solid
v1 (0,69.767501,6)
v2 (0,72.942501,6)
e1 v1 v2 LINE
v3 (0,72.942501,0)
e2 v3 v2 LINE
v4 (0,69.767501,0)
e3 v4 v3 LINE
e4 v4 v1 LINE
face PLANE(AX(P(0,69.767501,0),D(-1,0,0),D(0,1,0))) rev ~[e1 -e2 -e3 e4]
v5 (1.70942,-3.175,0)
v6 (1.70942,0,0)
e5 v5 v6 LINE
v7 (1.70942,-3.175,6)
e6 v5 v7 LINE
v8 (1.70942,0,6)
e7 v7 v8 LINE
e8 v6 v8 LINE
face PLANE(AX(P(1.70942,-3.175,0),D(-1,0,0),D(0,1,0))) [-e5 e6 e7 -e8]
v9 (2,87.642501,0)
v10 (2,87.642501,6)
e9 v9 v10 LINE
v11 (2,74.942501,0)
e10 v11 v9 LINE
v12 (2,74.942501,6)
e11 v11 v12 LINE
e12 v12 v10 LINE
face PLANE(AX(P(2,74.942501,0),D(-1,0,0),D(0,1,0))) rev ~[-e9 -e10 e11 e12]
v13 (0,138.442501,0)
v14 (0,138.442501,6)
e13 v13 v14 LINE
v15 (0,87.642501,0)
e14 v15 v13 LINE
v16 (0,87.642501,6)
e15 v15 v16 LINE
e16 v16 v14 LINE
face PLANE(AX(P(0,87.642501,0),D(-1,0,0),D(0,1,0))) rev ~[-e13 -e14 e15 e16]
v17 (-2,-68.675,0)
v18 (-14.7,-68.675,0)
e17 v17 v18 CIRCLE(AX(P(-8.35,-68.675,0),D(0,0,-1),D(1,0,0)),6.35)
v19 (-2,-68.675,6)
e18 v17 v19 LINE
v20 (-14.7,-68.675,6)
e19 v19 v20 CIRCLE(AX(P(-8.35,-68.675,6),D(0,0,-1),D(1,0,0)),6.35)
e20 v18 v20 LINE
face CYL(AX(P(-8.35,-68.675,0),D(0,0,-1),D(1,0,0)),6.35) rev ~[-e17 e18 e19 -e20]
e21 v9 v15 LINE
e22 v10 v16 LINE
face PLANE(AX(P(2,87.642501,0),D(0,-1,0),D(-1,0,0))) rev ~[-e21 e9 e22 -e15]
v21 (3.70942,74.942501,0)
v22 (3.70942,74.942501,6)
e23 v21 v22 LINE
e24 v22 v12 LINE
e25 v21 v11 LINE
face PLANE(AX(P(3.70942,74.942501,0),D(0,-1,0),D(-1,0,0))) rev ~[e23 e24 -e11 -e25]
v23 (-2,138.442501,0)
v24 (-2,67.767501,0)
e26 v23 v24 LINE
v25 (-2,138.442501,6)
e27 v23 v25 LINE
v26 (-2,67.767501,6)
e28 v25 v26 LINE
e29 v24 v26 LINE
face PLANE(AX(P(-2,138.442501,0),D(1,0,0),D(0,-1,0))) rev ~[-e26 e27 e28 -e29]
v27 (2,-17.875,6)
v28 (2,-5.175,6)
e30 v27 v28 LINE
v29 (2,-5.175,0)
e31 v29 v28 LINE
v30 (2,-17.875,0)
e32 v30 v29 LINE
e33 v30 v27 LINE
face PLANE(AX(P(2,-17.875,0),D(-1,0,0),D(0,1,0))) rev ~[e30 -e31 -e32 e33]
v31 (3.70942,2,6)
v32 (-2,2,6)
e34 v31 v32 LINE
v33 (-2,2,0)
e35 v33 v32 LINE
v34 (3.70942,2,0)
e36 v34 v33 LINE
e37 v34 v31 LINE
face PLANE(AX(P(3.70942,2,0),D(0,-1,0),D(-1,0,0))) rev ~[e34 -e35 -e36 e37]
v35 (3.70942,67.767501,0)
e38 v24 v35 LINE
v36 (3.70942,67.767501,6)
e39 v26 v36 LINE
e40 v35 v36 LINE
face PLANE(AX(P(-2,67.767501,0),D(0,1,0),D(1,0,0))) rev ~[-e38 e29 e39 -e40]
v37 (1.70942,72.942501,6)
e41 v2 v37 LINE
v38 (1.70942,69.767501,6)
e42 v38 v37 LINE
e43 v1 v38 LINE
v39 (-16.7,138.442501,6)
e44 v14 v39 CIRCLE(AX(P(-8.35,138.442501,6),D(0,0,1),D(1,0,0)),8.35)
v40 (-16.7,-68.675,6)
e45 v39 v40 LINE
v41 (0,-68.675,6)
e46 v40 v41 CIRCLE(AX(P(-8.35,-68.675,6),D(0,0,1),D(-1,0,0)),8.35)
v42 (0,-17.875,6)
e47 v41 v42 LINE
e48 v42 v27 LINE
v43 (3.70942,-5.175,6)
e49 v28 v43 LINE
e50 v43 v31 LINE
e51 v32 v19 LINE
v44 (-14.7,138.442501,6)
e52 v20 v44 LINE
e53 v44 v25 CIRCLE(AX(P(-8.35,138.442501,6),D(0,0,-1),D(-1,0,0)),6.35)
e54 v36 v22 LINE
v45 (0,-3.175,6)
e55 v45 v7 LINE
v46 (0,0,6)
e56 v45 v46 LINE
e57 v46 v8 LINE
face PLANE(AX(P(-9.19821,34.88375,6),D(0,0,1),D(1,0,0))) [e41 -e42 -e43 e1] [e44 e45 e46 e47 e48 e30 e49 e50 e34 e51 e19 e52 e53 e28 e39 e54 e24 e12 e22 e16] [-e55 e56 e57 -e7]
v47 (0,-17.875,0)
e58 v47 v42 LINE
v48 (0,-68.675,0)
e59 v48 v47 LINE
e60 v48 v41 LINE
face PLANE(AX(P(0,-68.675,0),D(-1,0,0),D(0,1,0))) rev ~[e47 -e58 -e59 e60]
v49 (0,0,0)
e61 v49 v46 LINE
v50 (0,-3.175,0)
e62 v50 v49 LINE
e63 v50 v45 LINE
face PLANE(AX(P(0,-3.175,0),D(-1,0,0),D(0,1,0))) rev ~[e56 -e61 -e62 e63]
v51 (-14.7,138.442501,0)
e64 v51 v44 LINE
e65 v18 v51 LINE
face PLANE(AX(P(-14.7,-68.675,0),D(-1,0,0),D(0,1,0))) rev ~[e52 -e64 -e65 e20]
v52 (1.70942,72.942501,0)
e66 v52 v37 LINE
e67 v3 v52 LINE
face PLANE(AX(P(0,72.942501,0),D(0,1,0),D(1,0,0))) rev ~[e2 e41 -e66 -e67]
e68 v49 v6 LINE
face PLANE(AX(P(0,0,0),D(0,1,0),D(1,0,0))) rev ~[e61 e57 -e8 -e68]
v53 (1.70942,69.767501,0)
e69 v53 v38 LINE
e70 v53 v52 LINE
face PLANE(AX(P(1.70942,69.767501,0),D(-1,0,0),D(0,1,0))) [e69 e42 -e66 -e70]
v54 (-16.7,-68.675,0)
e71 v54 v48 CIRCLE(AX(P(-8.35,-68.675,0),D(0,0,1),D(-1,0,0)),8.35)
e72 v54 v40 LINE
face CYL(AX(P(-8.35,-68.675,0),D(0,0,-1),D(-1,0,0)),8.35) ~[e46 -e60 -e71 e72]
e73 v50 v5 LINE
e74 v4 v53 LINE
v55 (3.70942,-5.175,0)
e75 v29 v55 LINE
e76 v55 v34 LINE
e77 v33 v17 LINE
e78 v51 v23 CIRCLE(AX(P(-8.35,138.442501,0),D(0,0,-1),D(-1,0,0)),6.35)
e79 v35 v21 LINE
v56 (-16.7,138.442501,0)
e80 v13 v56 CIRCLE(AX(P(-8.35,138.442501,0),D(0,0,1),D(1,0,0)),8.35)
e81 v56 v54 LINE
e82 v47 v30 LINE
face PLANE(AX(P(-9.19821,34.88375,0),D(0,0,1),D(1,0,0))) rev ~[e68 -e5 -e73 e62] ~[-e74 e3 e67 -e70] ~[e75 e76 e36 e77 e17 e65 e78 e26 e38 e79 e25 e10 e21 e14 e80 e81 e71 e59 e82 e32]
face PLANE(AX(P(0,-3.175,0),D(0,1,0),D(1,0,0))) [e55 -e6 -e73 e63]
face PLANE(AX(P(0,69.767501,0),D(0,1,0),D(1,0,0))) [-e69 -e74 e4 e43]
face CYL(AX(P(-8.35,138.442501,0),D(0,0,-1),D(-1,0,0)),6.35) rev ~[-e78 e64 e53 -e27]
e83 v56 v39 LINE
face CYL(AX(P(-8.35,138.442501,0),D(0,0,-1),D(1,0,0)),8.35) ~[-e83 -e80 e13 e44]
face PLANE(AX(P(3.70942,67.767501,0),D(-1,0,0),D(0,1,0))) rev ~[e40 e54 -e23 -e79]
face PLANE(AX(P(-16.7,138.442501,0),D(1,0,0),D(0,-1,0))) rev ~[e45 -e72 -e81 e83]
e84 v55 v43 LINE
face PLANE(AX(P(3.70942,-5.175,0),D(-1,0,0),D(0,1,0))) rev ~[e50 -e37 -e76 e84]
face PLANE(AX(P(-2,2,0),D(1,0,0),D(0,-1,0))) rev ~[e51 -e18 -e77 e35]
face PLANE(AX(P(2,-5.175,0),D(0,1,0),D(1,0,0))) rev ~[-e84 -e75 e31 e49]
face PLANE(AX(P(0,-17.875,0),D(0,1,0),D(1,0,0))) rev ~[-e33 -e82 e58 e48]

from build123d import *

# Parameters (mm, degrees)
F0_W     = 1.70942
F0_H     = 3.175
F1_DEPTH = 6


with BuildPart() as f1:
    # F0 (on Top) → F1 (new body)
    with BuildSketch(Plane.XY):
        with BuildLine():
            Line((3.70942, 2), (-2, 2))
            Line((-2, 2), (-2, -68.675))
            ThreePointArc((-2, -68.675), (-8.35, -75.025), (-14.7, -68.675))
            Line((-14.7, -68.675), (-14.7, 138.442501))
            ThreePointArc((-14.7, 138.442501), (-8.35, 144.792501), (-2, 138.442501))
            Line((-2, 138.442501), (-2, 67.767501))
            Line((-2, 67.767501), (3.70942, 67.767501))
            Line((3.70942, 67.767501), (3.70942, 74.942501))
            Line((3.70942, 74.942501), (2, 74.942501))
            Line((2, 74.942501), (2, 87.642501))
            Line((2, 87.642501), (0, 87.642501))
            Line((0, 87.642501), (0, 138.442501))
            ThreePointArc((0, 138.442501), (-8.35, 146.792501), (-16.7, 138.442501))
            Line((-16.7, 138.442501), (-16.7, -68.675))
            ThreePointArc((-16.7, -68.675), (-8.35, -77.025), (0, -68.675))
            Line((0, -68.675), (0, -17.875))
            Line((0, -17.875), (2, -17.875))
            Line((2, -17.875), (2, -5.175))
            Line((2, -5.175), (3.70942, -5.175))
            Line((3.70942, -5.175), (3.70942, 2))
        make_face()
        with Locations((0.85471, -1.5875)):
            Rectangle(F0_W, F0_H, mode=Mode.SUBTRACT)
        with Locations((0.85471, 71.355001)):
            Rectangle(F0_W, F0_H, mode=Mode.SUBTRACT)
    extrude(amount=F1_DEPTH)


solid = f1.part
